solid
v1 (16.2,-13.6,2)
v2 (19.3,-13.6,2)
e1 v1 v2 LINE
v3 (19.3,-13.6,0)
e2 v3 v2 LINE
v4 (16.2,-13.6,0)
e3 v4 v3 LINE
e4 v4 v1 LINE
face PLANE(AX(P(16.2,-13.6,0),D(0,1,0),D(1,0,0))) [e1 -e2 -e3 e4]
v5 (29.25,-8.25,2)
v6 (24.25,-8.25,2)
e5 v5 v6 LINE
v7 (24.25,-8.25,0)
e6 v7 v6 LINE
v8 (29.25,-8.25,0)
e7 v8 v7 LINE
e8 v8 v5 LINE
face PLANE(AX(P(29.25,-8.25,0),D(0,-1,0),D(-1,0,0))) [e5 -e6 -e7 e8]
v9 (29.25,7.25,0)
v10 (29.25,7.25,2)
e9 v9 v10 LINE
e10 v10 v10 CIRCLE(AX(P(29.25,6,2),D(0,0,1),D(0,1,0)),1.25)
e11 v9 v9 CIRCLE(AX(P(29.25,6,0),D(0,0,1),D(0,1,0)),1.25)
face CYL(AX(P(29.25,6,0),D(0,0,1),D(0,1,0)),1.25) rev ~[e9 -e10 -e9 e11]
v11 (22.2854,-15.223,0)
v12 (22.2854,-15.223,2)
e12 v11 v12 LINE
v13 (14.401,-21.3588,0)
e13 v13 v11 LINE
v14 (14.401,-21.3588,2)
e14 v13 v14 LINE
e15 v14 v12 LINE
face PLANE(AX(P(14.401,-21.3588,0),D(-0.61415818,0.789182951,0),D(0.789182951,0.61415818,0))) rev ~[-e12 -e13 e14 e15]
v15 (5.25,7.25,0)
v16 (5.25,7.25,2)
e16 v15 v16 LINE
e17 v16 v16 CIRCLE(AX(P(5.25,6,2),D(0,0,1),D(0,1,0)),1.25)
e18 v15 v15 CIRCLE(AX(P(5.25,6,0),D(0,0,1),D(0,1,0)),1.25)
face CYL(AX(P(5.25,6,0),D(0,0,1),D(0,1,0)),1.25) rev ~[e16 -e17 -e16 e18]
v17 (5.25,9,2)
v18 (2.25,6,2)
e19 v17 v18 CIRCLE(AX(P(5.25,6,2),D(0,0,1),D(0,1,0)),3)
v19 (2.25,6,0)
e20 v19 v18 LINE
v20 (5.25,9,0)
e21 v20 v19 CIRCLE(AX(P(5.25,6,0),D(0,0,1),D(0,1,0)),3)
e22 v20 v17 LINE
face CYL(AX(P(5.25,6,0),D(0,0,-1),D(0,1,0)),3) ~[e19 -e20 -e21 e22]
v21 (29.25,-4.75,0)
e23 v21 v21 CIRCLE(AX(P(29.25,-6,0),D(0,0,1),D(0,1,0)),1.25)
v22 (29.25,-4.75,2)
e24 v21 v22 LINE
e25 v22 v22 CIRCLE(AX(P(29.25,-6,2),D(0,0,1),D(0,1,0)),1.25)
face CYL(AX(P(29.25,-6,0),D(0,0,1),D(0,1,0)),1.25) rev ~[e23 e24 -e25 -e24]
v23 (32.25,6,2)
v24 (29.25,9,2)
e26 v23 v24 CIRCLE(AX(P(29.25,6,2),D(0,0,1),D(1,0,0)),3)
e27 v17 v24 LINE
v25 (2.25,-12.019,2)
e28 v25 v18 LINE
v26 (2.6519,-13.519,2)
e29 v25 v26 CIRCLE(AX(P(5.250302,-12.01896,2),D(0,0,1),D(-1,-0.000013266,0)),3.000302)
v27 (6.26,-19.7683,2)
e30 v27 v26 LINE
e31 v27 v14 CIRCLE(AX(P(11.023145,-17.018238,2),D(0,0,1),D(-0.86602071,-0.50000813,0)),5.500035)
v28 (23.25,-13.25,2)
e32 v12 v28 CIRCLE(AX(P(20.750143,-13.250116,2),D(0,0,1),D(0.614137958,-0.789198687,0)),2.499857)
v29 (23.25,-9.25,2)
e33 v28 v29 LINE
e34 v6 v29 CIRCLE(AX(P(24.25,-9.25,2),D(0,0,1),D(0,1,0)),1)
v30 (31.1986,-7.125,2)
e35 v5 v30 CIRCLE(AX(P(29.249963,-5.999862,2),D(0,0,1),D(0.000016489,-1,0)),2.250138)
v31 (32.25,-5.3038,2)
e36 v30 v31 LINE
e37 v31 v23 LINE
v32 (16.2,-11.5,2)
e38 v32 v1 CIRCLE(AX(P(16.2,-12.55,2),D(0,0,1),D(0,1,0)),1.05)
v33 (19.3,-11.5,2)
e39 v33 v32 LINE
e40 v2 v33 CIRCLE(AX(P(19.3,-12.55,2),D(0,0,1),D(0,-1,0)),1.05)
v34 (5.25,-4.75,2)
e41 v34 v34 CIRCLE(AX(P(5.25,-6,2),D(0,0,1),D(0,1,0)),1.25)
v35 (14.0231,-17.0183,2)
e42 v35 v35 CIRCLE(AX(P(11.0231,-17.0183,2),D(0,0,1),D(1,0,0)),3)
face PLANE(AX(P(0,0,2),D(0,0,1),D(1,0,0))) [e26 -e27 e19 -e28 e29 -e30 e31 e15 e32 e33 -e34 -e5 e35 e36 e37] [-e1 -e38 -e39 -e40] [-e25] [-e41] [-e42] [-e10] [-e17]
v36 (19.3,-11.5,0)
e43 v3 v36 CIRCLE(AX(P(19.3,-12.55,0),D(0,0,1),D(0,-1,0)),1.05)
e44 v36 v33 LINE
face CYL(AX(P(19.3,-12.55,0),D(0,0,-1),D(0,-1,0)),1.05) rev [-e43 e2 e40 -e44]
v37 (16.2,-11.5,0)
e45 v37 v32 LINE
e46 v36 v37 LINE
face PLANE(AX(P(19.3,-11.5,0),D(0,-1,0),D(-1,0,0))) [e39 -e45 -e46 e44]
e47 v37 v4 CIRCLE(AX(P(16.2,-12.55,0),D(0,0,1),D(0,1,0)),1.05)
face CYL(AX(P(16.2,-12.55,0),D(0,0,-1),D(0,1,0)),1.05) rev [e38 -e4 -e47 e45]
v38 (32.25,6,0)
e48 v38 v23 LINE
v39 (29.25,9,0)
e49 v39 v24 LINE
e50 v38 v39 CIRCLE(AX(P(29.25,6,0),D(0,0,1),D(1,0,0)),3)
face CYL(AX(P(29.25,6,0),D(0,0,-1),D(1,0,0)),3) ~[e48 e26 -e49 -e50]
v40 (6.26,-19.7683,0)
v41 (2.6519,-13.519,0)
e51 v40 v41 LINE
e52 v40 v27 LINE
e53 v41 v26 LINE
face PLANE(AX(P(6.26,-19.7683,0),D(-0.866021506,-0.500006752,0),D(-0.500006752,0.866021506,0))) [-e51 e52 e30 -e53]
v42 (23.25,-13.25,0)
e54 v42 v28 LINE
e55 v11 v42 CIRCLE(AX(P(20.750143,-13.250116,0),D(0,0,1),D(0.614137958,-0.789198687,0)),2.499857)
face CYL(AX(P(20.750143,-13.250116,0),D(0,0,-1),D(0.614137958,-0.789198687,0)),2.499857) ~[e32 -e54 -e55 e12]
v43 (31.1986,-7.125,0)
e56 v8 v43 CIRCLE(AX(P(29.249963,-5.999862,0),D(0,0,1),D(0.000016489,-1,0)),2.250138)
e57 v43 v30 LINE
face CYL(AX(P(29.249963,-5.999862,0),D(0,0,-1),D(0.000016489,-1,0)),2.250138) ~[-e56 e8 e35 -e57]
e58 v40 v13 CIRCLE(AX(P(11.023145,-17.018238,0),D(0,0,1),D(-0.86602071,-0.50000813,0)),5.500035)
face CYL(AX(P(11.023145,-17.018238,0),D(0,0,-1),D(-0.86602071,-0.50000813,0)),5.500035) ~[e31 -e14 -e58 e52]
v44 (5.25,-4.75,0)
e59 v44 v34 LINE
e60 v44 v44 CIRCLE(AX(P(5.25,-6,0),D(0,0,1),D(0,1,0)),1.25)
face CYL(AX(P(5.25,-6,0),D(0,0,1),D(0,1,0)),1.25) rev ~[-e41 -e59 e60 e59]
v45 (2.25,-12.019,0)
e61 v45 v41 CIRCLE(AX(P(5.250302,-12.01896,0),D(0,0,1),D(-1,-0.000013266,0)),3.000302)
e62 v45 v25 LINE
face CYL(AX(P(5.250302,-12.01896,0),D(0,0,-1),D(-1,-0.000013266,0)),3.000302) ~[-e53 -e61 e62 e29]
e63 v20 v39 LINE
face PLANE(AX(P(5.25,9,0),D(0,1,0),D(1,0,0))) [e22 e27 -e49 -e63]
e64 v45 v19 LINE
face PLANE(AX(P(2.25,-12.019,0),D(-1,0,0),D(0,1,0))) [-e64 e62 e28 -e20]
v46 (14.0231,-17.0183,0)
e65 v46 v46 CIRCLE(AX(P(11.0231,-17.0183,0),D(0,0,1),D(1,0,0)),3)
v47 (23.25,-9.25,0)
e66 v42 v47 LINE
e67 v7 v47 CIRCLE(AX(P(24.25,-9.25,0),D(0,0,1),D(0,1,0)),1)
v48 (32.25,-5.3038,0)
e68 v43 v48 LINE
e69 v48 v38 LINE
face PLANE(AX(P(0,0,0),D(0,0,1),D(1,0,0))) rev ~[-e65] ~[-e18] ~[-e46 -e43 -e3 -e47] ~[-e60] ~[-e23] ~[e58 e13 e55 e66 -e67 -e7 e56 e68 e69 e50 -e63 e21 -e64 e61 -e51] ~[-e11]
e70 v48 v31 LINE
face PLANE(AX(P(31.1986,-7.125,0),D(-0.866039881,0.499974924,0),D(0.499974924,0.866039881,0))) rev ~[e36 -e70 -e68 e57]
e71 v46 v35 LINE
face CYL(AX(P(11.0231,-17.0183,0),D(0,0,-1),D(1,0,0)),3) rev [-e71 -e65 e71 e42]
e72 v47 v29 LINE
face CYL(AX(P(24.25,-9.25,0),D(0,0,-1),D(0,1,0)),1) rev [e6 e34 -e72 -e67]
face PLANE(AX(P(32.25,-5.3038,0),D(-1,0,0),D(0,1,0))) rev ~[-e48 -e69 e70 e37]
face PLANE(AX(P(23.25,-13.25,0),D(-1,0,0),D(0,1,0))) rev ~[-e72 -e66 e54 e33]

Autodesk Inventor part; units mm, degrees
ref_plane "YZ Plane" through (0, 0, 0) normal (1, 0, 0) x (0, 1, 0)
ref_plane "XZ Plane" through (0, 0, 0) normal (0, 1, 0) x (-1, 0, 0)
ref_plane "XY Plane" through (0, 0, 0) normal (0, 0, 1) x (1, 0, 0)
sketch "スケッチ1" plane through (0, 0, 0) normal (0, 0, 1) x (1, 0, 0)
  circle A0 centre (29.25, -6) radius 1.25 construction
  circle A1 centre (29.25, 6) radius 1.25 construction
  circle A2 centre (5.25, 6) radius 1.25 construction
  circle A3 centre (5.25, -6) radius 1.25 construction
  line L0 (42.5, -8.25) -> (0, -8.25) construction
  circle A4 centre (11.0231, -17.0183) radius 3 projected
  arc A5 (6.26, -19.7683) -> (16.5231, -17.0183) centre (11.0231, -17.0183) ccw construction
  line L1 (29.25, -8.25) -> (24.25, -8.25)
  line L2 (2.25, -12.019) -> (2.25, 6)
  line L3 (5.25, 9) -> (29.25, 9)
  arc A6 (6.26, -19.7683) -> (14.401, -21.3588) centre (11.0231, -17.0183) ccw
  arc A7 (2.25, -12.019) -> (2.6519, -13.519) centre (5.25, -12.019) ccw construction
  line L4 (6.26, -19.7683) -> (2.6519, -13.519)
  arc A8 (2.25, -12.019) -> (2.6519, -13.519) centre (5.25, -12.019) ccw
  arc A9 (5.25, 9) -> (2.25, 6) centre (5.25, 6) ccw
  arc A10 (32.25, 6) -> (29.25, 9) centre (29.25, 6) ccw
  arc A11 (29.25, -8.25) -> (31.1986, -7.125) centre (29.25, -6) ccw
  line L5 (31.1986, -7.125) -> (32.25, -5.3038)
  line L6 (32.25, -5.3038) -> (32.25, 6)
  line L7 (14.401, -21.3588) -> (22.2854, -15.223)
  line L8 (23.25, -13.25) -> (23.25, -9.25)
  arc A12 (24.25, -8.25) -> (23.25, -9.25) centre (24.25, -9.25) ccw
  arc A13 (22.2854, -15.223) -> (23.25, -13.25) centre (20.75, -13.25) ccw
  line L9 (33.25, 455.3781) -> (33.25, -190.243) construction
  line L10 (19.25, -13.55) -> (16.25, -13.55) construction
  line L11 (16.25, -13.55) -> (16.25, -11.55) construction
  line L12 (16.25, -11.55) -> (19.25, -11.55) construction
  line L13 (19.25, -11.55) -> (19.25, -13.55) construction
  line L14 (-2, -11.55) -> (-2, -13.55) construction
  line L15 (-2, -12.55) -> (28.8527, -12.55) construction
  line L16 (16.2, -13.6) -> (19.3, -13.6)
  line L17 (19.3, -13.6) -> (19.3, -11.5) construction
  line L18 (19.3, -11.5) -> (16.2, -11.5)
  line L19 (16.2, -11.5) -> (16.2, -13.6) construction
  arc A14 (19.3, -13.6) -> (19.3, -11.5) centre (19.3, -12.55) ccw
  arc A15 (16.2, -11.5) -> (16.2, -13.6) centre (16.2, -12.55) ccw
  point P0 (0, 0)
  point P1 (2.25, -8.25)
  dimension "d4" = 30
  dimension "d5" = 1
  dimension "d6" = 2.5
  dimension "d7" = 10
  dimension "d8" = 5
  dimension "d18" = 2
  dimension "d19" = 4
  dimension "d20" = 3
  dimension "d21" = 0.05
extrude "押し出し1" add sketch "スケッチ1" along normal blind 2
hole "穴1" at (5.25, -6, 0) at (5.25, 6, 0) at (29.25, 6, 0) at (29.25, -6, 0) direction (0, 0, 1) diameter 2.5 end through all
properties part number "COXA_YAW_SERVO_FRONT"
